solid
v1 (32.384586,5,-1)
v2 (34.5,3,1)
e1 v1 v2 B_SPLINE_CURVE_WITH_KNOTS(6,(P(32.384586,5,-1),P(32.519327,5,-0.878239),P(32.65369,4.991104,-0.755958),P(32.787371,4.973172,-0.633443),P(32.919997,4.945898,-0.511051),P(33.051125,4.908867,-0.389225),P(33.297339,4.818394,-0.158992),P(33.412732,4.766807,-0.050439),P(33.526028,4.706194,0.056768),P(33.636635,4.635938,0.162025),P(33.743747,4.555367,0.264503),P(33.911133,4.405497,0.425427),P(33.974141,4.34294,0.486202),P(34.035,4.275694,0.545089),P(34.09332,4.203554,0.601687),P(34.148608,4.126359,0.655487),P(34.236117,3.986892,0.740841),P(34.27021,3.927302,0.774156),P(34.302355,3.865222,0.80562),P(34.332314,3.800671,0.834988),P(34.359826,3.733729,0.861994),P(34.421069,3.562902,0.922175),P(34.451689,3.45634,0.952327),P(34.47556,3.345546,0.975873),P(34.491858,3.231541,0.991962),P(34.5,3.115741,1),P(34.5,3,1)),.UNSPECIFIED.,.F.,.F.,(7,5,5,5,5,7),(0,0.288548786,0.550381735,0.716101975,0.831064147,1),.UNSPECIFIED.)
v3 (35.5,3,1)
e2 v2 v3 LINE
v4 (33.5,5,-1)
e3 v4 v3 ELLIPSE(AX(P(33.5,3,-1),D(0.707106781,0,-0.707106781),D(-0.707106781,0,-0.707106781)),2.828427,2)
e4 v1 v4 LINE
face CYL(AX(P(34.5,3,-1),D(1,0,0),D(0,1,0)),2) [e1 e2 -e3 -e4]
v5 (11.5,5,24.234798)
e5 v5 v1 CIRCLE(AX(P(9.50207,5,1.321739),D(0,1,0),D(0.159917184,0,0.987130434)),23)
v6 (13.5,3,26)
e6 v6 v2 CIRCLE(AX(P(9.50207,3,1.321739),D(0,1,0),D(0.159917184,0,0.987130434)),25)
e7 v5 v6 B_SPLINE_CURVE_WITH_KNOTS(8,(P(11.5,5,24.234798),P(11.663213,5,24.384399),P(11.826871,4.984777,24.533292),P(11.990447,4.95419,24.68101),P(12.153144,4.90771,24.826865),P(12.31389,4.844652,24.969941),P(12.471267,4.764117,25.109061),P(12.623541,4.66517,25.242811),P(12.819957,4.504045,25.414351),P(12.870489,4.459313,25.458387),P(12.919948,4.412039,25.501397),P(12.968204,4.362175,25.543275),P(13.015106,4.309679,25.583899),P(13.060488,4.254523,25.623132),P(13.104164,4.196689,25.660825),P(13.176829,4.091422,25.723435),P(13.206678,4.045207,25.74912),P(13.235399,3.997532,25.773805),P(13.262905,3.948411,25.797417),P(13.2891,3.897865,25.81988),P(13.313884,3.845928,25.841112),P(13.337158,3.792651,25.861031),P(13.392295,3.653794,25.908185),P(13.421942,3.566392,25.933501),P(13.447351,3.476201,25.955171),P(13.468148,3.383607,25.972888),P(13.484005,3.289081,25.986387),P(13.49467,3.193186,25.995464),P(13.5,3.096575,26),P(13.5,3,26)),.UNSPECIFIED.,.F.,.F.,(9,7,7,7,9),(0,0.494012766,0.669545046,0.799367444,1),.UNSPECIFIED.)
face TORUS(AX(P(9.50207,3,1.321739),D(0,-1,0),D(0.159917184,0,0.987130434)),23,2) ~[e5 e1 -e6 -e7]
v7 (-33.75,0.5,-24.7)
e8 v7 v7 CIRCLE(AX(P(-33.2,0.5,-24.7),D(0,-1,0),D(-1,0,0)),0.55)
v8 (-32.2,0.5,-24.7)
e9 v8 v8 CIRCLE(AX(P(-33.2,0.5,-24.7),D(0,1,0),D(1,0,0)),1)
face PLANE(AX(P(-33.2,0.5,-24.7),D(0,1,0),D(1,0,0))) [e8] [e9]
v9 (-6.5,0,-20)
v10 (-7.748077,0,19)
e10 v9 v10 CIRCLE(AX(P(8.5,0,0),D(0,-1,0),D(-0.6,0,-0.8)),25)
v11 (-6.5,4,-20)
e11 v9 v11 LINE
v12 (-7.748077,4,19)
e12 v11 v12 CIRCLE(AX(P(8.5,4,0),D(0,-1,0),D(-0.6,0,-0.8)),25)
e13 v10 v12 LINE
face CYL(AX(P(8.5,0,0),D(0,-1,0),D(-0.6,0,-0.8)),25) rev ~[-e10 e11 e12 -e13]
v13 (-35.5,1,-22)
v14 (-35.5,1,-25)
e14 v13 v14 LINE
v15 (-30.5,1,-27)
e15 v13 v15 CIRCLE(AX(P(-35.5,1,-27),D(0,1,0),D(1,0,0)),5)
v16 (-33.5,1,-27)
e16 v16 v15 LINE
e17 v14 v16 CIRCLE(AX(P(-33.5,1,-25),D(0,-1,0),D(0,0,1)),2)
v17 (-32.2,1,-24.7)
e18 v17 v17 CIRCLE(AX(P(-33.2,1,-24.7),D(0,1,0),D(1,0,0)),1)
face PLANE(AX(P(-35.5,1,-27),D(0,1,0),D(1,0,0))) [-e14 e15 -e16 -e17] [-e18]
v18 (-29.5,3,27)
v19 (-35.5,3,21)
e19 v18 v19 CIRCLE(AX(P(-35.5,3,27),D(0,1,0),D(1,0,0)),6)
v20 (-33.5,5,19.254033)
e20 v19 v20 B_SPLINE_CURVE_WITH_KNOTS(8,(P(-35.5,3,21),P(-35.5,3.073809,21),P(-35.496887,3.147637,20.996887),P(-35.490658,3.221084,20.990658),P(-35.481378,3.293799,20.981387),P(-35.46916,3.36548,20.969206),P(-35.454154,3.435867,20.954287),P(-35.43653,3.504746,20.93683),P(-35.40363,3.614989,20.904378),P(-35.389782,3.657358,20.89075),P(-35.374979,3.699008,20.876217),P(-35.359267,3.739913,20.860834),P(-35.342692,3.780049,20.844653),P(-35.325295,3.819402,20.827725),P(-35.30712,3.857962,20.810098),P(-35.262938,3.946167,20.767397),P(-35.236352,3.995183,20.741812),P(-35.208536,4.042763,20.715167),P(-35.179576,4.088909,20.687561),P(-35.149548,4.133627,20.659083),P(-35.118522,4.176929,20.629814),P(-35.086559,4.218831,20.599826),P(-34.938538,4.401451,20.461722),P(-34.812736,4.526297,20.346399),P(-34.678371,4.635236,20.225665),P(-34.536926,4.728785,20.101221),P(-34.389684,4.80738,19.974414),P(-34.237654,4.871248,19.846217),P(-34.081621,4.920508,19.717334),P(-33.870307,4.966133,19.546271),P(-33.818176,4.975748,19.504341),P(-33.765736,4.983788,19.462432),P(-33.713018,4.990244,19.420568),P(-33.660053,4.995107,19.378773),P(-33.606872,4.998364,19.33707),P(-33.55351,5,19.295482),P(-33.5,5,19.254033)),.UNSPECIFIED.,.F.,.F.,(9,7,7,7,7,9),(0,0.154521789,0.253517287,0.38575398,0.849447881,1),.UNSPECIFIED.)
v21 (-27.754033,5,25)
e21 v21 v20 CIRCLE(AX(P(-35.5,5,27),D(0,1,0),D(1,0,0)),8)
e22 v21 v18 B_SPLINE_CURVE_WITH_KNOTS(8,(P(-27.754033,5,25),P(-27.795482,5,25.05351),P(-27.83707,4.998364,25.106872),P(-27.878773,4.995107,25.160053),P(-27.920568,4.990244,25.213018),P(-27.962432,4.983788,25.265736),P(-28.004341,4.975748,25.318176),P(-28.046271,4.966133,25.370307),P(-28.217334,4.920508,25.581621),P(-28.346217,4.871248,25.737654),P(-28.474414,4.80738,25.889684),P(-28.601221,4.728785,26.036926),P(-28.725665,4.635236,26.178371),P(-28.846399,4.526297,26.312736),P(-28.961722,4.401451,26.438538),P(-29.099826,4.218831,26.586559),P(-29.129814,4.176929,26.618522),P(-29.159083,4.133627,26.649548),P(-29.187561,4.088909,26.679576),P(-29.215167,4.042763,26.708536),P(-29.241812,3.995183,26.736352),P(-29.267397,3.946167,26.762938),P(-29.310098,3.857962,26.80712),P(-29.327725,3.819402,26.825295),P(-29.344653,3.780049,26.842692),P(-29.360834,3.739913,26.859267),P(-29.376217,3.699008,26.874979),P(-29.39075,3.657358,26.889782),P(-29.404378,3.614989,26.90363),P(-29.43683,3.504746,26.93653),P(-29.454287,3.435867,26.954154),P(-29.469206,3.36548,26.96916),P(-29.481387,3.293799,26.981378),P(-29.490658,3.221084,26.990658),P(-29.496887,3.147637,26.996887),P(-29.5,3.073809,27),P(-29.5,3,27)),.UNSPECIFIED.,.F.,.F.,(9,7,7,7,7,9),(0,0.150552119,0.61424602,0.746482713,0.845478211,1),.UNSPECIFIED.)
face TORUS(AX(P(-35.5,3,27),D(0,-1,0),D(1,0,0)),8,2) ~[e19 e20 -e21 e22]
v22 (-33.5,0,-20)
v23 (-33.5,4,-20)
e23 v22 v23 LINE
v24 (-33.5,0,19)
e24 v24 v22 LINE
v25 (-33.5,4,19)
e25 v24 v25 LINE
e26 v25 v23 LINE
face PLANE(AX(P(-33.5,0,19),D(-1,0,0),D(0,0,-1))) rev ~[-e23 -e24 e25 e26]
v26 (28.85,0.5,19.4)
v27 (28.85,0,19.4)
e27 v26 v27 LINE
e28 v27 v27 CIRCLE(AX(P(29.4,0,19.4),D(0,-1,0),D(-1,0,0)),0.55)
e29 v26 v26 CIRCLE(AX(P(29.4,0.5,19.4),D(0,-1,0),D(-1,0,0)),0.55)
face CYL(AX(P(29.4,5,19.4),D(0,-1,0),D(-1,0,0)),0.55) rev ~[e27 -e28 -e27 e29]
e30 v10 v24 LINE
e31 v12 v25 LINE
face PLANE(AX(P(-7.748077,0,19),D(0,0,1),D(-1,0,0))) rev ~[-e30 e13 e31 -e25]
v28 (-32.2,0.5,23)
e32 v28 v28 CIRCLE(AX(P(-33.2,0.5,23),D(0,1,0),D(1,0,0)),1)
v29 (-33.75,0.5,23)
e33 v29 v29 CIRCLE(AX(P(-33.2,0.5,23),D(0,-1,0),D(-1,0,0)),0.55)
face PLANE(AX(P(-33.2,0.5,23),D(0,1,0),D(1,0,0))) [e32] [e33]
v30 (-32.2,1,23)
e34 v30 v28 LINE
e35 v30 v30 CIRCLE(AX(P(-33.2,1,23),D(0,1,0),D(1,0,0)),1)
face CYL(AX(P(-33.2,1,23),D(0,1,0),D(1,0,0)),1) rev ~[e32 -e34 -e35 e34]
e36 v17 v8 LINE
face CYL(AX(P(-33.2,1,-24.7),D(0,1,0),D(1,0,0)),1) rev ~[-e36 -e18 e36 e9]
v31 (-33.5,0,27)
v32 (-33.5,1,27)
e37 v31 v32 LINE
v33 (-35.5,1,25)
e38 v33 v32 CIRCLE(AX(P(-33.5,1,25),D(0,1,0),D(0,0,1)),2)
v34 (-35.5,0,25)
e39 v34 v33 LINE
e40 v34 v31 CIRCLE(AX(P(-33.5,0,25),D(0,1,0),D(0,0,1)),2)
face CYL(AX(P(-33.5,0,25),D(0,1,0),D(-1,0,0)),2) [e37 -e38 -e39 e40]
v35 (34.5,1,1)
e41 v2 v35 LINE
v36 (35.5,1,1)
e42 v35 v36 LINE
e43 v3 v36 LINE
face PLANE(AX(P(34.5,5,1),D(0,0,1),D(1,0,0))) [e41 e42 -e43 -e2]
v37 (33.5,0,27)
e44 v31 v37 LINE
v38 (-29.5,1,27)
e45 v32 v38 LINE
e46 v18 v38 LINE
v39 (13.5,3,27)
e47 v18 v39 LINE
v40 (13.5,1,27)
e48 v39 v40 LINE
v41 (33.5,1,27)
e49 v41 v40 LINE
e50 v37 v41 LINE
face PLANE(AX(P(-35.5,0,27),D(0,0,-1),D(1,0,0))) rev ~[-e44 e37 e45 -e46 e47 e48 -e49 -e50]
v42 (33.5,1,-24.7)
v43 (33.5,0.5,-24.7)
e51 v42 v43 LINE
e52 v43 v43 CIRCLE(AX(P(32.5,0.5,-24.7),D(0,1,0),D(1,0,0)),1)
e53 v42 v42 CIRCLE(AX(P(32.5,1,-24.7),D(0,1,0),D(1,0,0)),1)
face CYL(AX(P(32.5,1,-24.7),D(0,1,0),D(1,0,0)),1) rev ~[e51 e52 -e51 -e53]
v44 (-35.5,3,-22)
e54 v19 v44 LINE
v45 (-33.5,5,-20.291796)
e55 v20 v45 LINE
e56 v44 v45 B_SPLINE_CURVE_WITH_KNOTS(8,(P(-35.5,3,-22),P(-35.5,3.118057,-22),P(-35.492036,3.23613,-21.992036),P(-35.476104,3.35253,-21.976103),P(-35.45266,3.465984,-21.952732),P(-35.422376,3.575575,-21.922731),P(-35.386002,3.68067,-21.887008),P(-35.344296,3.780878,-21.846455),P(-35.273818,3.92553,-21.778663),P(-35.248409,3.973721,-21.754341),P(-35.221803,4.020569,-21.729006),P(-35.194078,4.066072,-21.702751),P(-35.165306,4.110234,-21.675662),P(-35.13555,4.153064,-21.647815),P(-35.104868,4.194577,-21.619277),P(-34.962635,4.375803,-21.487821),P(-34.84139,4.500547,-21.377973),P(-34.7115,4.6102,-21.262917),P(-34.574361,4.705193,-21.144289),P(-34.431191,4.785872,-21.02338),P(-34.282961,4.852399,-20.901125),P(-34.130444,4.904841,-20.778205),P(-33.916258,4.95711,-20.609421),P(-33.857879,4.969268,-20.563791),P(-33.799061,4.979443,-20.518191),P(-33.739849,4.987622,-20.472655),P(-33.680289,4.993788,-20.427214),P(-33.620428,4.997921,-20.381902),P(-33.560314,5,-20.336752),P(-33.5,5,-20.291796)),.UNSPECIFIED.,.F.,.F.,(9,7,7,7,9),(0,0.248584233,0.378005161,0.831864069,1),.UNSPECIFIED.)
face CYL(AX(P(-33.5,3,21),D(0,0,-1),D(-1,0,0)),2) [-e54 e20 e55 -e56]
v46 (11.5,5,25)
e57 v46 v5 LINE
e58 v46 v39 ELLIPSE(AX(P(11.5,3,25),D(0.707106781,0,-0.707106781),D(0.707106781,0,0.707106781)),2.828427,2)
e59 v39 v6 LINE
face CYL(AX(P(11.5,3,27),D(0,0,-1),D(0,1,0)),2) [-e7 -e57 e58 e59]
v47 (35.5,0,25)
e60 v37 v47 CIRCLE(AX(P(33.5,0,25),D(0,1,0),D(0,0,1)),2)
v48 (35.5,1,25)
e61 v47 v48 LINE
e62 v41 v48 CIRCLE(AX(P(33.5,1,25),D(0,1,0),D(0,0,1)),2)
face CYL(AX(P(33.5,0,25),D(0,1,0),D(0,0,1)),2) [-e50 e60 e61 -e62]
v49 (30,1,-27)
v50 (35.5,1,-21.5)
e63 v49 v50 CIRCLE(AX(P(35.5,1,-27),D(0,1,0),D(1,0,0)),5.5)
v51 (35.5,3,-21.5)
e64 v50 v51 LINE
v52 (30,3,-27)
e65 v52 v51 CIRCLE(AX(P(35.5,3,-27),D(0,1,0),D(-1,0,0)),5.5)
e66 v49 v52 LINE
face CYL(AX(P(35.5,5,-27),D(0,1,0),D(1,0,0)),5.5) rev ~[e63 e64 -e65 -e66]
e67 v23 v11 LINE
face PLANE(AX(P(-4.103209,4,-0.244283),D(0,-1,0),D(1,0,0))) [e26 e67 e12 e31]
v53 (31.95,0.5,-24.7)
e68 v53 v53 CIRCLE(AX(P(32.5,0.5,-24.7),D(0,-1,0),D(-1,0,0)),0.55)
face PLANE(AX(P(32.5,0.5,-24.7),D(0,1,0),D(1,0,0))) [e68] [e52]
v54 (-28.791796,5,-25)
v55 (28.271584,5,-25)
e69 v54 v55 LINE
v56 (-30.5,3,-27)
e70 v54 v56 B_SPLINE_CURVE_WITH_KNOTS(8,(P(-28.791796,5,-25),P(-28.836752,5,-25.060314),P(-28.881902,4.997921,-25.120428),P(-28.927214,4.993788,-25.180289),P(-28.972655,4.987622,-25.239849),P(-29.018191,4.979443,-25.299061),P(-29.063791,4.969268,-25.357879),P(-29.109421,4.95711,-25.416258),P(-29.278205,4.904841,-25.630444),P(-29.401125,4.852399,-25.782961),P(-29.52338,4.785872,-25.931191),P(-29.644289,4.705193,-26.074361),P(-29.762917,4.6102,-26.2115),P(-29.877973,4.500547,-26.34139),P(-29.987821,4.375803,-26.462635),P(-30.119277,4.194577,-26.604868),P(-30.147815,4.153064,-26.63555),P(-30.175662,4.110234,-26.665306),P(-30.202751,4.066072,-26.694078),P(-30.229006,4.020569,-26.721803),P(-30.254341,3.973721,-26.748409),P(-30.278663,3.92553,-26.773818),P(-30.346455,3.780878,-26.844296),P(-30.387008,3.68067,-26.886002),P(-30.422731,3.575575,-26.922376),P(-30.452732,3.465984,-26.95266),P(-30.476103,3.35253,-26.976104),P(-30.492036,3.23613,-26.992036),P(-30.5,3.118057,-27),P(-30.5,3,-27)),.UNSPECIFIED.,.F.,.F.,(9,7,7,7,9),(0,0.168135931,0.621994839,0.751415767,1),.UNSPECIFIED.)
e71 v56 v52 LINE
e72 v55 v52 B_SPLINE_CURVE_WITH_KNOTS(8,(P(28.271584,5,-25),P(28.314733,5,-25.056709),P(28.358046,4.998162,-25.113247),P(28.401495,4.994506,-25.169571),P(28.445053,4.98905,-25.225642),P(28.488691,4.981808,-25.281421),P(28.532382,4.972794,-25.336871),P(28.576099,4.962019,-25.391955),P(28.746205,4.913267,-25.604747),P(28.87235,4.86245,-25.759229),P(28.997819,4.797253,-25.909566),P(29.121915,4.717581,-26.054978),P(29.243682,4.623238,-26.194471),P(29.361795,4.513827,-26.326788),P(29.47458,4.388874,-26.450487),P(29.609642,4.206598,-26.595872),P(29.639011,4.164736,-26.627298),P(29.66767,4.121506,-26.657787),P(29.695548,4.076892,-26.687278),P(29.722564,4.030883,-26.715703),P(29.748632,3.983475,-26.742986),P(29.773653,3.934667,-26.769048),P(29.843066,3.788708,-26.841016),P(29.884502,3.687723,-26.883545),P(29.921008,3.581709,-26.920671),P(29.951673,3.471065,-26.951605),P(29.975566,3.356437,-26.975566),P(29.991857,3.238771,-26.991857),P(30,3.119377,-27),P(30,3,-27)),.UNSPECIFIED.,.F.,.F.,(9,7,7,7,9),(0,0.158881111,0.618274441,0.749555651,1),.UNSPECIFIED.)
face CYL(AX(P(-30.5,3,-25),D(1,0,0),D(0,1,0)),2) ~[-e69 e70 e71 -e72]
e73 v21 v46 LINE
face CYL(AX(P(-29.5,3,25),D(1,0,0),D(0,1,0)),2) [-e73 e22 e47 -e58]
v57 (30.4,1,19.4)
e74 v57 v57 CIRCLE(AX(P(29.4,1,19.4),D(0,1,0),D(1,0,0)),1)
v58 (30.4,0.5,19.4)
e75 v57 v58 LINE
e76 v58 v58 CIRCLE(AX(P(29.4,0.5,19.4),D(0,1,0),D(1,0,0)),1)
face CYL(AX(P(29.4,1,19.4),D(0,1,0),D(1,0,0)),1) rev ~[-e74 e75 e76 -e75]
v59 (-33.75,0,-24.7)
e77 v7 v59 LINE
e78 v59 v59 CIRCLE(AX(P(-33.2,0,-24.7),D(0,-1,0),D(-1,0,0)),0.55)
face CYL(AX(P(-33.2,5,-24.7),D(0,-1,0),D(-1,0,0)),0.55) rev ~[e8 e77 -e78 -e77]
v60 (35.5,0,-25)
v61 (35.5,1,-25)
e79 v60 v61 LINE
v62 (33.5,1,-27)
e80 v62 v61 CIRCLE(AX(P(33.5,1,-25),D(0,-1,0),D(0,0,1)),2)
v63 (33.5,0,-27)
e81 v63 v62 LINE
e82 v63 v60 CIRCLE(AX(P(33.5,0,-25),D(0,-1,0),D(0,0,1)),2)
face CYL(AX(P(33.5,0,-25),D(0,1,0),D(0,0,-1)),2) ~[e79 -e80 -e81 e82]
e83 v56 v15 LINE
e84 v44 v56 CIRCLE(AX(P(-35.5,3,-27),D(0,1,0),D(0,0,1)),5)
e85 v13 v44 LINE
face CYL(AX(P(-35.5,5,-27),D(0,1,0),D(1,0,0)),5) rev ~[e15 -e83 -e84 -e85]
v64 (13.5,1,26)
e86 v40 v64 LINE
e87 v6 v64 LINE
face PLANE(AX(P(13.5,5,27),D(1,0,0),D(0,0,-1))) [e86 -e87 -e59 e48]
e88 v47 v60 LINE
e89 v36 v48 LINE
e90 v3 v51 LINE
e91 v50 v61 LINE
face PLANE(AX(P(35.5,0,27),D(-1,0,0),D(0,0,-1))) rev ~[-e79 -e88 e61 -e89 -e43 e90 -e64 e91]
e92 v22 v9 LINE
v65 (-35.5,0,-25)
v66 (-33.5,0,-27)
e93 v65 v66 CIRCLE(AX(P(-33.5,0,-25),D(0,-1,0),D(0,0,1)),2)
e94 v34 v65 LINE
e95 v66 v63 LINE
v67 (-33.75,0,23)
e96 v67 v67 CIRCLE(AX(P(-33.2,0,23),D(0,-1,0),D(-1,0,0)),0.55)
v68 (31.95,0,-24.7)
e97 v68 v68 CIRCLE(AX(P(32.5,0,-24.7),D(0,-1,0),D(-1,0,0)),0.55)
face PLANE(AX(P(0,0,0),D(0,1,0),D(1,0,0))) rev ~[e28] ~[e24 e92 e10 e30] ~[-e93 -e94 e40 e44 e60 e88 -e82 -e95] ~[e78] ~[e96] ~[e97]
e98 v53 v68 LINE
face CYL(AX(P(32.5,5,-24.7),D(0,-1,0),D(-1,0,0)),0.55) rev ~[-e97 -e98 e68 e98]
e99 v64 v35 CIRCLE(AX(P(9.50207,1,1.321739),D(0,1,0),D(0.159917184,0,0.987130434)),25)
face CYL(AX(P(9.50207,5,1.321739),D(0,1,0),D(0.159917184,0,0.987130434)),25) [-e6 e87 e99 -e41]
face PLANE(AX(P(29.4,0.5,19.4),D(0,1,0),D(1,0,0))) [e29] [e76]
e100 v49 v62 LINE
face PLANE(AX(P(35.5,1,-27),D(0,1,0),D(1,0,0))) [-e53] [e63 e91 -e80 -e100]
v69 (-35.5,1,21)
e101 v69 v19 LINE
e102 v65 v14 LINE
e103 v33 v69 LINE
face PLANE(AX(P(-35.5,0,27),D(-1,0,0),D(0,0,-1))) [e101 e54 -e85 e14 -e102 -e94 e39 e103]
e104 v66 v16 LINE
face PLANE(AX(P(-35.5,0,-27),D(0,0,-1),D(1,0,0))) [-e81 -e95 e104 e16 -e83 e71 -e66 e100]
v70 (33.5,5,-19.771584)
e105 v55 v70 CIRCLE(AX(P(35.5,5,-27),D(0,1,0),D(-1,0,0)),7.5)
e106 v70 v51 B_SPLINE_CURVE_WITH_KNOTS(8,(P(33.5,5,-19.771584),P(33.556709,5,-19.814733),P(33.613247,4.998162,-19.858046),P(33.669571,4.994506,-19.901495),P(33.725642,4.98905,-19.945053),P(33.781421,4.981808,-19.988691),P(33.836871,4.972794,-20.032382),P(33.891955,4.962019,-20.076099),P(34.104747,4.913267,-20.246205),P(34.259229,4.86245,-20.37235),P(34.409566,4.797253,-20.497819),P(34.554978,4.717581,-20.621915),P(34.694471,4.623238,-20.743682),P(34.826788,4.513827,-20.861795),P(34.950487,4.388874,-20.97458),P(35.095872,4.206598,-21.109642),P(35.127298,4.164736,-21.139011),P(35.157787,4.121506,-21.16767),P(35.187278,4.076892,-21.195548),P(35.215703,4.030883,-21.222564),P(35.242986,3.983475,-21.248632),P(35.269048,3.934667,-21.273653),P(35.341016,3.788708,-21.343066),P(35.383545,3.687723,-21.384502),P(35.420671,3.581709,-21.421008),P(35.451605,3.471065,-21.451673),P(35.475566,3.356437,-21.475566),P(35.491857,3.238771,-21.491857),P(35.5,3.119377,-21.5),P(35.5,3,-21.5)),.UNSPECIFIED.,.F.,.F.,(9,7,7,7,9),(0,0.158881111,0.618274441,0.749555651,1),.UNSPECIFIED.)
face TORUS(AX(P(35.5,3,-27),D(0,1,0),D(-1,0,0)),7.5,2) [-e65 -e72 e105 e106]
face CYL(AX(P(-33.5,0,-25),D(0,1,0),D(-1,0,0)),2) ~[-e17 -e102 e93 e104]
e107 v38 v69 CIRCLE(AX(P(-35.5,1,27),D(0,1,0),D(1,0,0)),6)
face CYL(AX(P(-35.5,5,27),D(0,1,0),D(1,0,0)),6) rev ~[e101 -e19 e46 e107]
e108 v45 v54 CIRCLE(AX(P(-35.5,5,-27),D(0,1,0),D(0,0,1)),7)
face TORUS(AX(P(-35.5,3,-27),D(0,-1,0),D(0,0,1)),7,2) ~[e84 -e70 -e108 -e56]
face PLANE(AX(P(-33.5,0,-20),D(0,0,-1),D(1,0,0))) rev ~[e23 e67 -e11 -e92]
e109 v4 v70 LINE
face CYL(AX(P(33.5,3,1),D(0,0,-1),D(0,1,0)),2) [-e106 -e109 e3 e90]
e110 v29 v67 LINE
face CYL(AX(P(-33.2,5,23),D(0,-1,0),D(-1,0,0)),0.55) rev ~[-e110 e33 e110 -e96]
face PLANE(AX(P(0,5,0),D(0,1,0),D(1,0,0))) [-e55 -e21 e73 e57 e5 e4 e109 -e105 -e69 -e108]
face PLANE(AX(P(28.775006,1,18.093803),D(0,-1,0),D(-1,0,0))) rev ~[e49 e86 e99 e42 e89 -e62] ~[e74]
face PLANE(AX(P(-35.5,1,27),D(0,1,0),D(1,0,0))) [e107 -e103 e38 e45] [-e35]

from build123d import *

# Parameters (mm, degrees)
SKETCH1_W                         = 71
SKETCH1_H                         = 54
BOSS_EXTRUDE1_DEPTH               = 5
M1_4X0_3_TAPPED_HOLE1_D           = 1.1
M1_4X0_3_TAPPED_HOLE1_CSINK_D     = 1.45
M1_4X0_3_TAPPED_HOLE1_CSINK_ANGLE = 90
CUT_EXTRUDE1_DEPTH                = 4
SKETCH5_R                         = 6
SKETCH5_R_2                       = 5
SKETCH5_R_3                       = 5.5
CUT_EXTRUDE2_DEPTH                = 4
FILLET1_R                         = 2
FILLET2_R                         = 2
SKETCH6_R                         = 1
CUT_EXTRUDE3_DEPTH                = 0.5


with BuildPart() as part:
    # Sketch1 → Boss-Extrude1 (new body)
    with BuildSketch(Plane(origin=(0, 0, 0), x_dir=(1, 0, 0), z_dir=(0, 1, 0))):
        Rectangle(SKETCH1_W, SKETCH1_H)
    extrude(amount=BOSS_EXTRUDE1_DEPTH)

    # M1.4x0.3 Tapped Hole1 (through all)
    with Locations(Plane(origin=(0, 5, 0), x_dir=(1, 0, 0), z_dir=(0, 1, 0))):
        with Locations((-33.2, 24.7), (32.5, 24.7), (-33.2, -23), (29.4, -19.4)):
            CounterSinkHole(M1_4X0_3_TAPPED_HOLE1_D / 2, M1_4X0_3_TAPPED_HOLE1_CSINK_D / 2, counter_sink_angle=M1_4X0_3_TAPPED_HOLE1_CSINK_ANGLE)

    # Sketch4 → Cut-Extrude1 (cut)
    with BuildSketch(Plane.XZ):
        with BuildLine():
            Line((-7.748076809, 19), (-33.5, 19))
            Line((-33.5, 19), (-33.5, -20))
            Line((-33.5, -20), (-6.5, -20))
            ThreePointArc((-6.5, -20), (33.487208249, 0.799639875), (-7.748076809, 19))
        make_face()
    extrude(amount=-CUT_EXTRUDE1_DEPTH, mode=Mode.SUBTRACT)

    # Sketch5 → Cut-Extrude2 (cut)
    with BuildSketch(Plane(origin=(0, 5, 0), x_dir=(1, 0, 0), z_dir=(0, 1, 0))):
        with Locations((-35.5, -27)):
            Circle(SKETCH5_R)
        with Locations((-35.5, 27)):
            Circle(SKETCH5_R_2)
        with Locations((35.5, 27)):
            Circle(SKETCH5_R_3)
        with BuildLine():
            Line((34.5, -1), (35.5, -1))
            Line((35.5, -1), (35.5, -27))
            Line((35.5, -27), (13.5, -27))
            Line((13.5, -27), (13.5, -26))
            ThreePointArc((13.5, -26), (28.644692027, -17.401541303), (34.5, -1))
        make_face()
    extrude(amount=-CUT_EXTRUDE2_DEPTH, mode=Mode.SUBTRACT)

    # Fillet1
    fillet1_edges = [part.edges().sort_by_distance(p)[0] for p in [
        (35.5, 0.5, 27),
        (-35.5, 0.5, 27),
        (-35.5, 0.5, -27),
        (35.5, 0.5, -27),
    ]]
    fillet(fillet1_edges, radius=FILLET1_R)

    # Fillet2
    fillet2_edges = [part.edges().sort_by_distance(p)[0] for p in [
        (35.5, 5, -10.25),
        (-0.25, 5, -27),
        (-35.5, 5, -0.5),
        (-8, 5, 27),
        (28.644692027, 5, 17.401541303),
        (13.5, 5, 26.5),
        (35, 5, 1),
        (31.610912703, 5, -23.110912703),
        (-31.964466094, 5, -23.464466094),
        (-31.257359313, 5, 22.757359313),
    ]]
    fillet(fillet2_edges, radius=FILLET2_R)

    # Sketch6 → Cut-Extrude3 (cut)
    with BuildSketch(Plane(origin=(0, 1, 0), x_dir=(1, 0, 0), z_dir=(0, 1, 0))):
        with Locations((-33.2, 24.7)):
            Circle(SKETCH6_R)
        with Locations((32.5, 24.7)):
            Circle(SKETCH6_R)
        with Locations((29.4, -19.4)):
            Circle(SKETCH6_R)
        with Locations((-33.2, -23)):
            Circle(SKETCH6_R)
    extrude(amount=-CUT_EXTRUDE3_DEPTH, mode=Mode.SUBTRACT)


solid = part.part
